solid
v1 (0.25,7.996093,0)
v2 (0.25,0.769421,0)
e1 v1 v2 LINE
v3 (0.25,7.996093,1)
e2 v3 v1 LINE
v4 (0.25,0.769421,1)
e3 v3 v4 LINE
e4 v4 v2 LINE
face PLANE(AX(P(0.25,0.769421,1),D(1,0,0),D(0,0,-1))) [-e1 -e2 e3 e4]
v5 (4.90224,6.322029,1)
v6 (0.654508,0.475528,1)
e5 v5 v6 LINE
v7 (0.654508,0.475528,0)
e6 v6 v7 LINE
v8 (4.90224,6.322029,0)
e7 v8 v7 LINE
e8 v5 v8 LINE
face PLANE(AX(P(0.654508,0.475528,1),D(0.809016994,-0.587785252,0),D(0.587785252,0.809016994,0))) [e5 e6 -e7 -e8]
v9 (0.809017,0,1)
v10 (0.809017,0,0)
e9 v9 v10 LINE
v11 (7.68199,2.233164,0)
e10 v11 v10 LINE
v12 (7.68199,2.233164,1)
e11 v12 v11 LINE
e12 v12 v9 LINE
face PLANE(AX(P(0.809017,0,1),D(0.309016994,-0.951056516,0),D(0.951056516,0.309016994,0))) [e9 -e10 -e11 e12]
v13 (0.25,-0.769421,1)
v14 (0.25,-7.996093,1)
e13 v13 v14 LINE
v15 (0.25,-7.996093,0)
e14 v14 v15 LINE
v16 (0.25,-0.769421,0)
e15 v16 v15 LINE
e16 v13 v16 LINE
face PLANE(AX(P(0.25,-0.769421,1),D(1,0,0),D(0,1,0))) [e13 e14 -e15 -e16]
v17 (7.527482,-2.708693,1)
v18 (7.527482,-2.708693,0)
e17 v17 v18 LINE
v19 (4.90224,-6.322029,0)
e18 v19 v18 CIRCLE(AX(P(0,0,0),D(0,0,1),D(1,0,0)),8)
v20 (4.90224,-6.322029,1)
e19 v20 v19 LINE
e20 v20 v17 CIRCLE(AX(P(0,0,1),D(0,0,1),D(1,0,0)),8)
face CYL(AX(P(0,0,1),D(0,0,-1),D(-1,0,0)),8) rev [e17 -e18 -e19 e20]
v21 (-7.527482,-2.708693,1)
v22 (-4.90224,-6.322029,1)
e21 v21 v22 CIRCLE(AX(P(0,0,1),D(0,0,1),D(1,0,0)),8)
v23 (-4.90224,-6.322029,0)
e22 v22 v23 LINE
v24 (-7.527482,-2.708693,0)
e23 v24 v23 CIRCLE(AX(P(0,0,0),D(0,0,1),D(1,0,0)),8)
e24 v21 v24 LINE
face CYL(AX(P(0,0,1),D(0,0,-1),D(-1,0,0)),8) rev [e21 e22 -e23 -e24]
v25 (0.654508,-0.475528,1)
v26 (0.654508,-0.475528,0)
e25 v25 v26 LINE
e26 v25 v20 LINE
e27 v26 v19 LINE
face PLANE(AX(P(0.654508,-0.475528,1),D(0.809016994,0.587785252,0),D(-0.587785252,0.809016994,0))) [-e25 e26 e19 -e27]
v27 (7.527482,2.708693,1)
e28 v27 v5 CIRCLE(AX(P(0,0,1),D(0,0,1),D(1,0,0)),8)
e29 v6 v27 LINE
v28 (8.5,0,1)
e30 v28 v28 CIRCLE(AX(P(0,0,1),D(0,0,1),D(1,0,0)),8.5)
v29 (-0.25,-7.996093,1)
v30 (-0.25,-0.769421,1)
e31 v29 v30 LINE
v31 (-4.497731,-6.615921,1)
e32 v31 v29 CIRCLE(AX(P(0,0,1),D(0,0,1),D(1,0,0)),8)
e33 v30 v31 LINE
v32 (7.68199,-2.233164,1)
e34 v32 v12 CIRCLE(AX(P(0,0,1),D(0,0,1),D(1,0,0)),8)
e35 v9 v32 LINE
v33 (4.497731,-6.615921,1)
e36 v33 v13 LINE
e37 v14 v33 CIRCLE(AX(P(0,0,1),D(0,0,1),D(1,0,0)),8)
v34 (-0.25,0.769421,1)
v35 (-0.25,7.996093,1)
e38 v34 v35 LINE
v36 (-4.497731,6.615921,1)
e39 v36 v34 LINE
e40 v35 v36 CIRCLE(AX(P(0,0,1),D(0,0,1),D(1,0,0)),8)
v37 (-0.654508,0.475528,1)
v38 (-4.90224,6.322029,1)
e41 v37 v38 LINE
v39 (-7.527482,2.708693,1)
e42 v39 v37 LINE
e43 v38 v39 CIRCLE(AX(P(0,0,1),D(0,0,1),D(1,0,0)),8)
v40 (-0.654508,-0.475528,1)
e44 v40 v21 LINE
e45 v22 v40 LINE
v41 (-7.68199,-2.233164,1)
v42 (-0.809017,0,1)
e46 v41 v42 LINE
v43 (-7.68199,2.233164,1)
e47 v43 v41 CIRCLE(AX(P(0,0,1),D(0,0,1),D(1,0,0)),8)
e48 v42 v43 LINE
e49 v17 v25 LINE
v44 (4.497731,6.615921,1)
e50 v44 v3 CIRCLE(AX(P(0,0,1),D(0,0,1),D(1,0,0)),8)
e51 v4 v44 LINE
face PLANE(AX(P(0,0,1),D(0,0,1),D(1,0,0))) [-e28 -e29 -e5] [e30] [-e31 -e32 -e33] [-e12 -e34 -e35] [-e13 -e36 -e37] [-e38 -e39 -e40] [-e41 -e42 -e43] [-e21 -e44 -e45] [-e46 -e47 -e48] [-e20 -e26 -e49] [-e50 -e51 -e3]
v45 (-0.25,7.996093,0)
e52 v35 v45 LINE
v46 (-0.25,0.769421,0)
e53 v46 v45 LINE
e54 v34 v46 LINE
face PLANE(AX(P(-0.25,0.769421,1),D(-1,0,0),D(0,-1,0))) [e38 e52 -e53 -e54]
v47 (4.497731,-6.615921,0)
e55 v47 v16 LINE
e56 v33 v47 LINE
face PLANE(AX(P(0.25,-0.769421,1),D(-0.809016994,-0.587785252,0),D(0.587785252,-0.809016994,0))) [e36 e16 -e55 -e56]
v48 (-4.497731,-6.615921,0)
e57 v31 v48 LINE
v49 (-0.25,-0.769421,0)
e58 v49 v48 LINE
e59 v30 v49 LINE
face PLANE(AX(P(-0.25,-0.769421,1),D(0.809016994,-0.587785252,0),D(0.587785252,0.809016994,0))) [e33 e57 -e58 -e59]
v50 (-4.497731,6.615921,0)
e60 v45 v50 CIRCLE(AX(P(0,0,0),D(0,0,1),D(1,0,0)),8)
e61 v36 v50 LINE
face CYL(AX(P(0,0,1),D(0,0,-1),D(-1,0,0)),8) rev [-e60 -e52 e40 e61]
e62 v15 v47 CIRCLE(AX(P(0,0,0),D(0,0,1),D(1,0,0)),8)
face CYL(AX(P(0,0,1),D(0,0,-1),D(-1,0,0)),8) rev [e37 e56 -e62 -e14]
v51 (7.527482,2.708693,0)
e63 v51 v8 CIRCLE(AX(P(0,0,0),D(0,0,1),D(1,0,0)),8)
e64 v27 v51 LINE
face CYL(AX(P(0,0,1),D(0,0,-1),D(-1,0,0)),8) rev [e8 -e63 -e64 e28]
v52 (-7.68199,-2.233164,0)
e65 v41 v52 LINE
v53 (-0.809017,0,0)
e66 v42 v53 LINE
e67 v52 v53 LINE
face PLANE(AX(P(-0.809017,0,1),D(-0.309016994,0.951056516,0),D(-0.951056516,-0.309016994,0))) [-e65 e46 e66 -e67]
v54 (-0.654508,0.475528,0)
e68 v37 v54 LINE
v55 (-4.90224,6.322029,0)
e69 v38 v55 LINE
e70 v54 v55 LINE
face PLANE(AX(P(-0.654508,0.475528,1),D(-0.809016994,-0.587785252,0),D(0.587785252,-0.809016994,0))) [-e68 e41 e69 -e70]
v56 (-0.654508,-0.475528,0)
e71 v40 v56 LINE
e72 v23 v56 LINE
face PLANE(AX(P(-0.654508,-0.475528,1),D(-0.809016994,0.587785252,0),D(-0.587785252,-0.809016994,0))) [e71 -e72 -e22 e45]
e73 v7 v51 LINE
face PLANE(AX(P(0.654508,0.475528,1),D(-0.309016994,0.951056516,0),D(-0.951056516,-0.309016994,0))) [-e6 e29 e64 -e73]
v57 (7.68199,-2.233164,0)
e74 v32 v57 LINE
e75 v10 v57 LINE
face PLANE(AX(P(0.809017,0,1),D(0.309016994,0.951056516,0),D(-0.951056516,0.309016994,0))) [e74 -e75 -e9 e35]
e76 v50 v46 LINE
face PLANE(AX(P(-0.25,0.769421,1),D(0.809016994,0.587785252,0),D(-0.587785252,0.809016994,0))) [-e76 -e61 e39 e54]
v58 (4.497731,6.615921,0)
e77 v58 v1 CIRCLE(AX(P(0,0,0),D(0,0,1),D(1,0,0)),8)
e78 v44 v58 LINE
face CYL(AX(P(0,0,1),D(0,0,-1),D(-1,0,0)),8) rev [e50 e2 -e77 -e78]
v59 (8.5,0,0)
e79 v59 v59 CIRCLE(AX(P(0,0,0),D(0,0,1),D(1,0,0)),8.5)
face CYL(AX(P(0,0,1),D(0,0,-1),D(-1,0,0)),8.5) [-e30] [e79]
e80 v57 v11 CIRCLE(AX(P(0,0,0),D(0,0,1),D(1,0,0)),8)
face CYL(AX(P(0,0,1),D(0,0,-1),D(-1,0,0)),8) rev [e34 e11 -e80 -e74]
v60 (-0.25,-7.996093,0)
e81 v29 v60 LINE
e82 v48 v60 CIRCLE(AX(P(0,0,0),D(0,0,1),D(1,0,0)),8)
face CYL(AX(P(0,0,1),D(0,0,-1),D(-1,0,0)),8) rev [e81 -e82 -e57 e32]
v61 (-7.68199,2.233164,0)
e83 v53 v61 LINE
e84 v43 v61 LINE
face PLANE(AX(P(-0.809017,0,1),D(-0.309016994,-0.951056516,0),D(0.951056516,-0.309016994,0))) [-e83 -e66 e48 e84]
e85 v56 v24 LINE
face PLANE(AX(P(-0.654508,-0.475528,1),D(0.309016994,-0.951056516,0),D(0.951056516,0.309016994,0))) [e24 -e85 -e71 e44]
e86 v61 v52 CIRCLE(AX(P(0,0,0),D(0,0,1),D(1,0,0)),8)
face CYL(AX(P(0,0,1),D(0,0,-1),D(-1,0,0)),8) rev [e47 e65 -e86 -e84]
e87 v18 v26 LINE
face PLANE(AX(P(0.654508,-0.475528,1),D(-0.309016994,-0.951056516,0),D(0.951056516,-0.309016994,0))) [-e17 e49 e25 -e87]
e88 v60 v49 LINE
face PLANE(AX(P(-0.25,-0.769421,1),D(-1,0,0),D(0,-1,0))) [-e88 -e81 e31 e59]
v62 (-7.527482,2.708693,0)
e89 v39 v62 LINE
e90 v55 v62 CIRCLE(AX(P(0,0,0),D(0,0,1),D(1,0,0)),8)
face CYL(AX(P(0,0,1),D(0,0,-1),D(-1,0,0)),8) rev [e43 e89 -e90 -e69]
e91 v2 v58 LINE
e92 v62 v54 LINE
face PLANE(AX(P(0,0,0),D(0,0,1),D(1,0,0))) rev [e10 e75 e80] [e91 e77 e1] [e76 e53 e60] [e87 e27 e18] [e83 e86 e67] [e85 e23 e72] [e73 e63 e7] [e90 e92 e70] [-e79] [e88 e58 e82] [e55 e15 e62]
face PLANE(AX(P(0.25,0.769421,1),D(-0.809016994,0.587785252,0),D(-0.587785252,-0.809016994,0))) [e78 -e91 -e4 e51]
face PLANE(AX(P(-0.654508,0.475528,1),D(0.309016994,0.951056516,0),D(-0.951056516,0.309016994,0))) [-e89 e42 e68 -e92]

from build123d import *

# Parameters (mm, degrees)
ESBO_O1_R                = 8.5
RESSALTO_EXTRUS_O1_DEPTH = 1


with BuildPart() as part:
    # Esboço1 → Ressalto-extrusão1 (new body)
    with BuildSketch(Plane.XY):
        Circle(ESBO_O1_R)
        with BuildLine():
            Line((-0.654508497, 0.475528258), (-4.90223967, 6.322028647))
            ThreePointArc((-4.90223967, 6.322028647), (-6.472135955, 4.702282018), (-7.52748191, 2.708692692))
            Line((-7.52748191, 2.708692692), (-0.654508497, 0.475528258))
        make_face(mode=Mode.SUBTRACT)
        with BuildLine():
            Line((-0.25, 0.769420884), (-0.25, 7.996092796))
            ThreePointArc((-0.25, 7.996092796), (-2.472135955, 7.60845213), (-4.497731173, 6.615921274))
            Line((-4.497731173, 6.615921274), (-0.25, 0.769420884))
        make_face(mode=Mode.SUBTRACT)
        with BuildLine():
            Line((0.25, 0.769420884), (4.497731173, 6.615921274))
            ThreePointArc((4.497731173, 6.615921274), (2.472135955, 7.60845213), (0.25, 7.996092796))
            Line((0.25, 7.996092796), (0.25, 0.769420884))
        make_face(mode=Mode.SUBTRACT)
        with BuildLine():
            Line((0.654508497, 0.475528258), (7.52748191, 2.708692692))
            ThreePointArc((7.52748191, 2.708692692), (6.472135955, 4.702282018), (4.90223967, 6.322028647))
            Line((4.90223967, 6.322028647), (0.654508497, 0.475528258))
        make_face(mode=Mode.SUBTRACT)
        with BuildLine():
            Line((0.809016994, 0), (7.681990407, -2.233164433))
            ThreePointArc((7.681990407, -2.233164433), (8, 0), (7.681990407, 2.233164433))
            Line((7.681990407, 2.233164433), (0.809016994, 0))
        make_face(mode=Mode.SUBTRACT)
        with BuildLine():
            Line((0.654508497, -0.475528258), (4.90223967, -6.322028647))
            ThreePointArc((4.90223967, -6.322028647), (6.472135955, -4.702282018), (7.52748191, -2.708692692))
            Line((7.52748191, -2.708692692), (0.654508497, -0.475528258))
        make_face(mode=Mode.SUBTRACT)
        with BuildLine():
            Line((0.25, -0.769420884), (0.25, -7.996092796))
            ThreePointArc((0.25, -7.996092796), (2.472135955, -7.60845213), (4.497731173, -6.615921274))
            Line((4.497731173, -6.615921274), (0.25, -0.769420884))
        make_face(mode=Mode.SUBTRACT)
        with BuildLine():
            Line((-0.25, -0.769420884), (-4.497731173, -6.615921274))
            ThreePointArc((-4.497731173, -6.615921274), (-2.472135955, -7.60845213), (-0.25, -7.996092796))
            Line((-0.25, -7.996092796), (-0.25, -0.769420884))
        make_face(mode=Mode.SUBTRACT)
        with BuildLine():
            Line((-0.654508497, -0.475528258), (-7.52748191, -2.708692692))
            ThreePointArc((-7.52748191, -2.708692692), (-6.472135955, -4.702282018), (-4.90223967, -6.322028647))
            Line((-4.90223967, -6.322028647), (-0.654508497, -0.475528258))
        make_face(mode=Mode.SUBTRACT)
        with BuildLine():
            Line((-0.809016994, 0), (-7.681990407, 2.233164433))
            ThreePointArc((-7.681990407, 2.233164433), (-8, 0), (-7.681990407, -2.233164433))
            Line((-7.681990407, -2.233164433), (-0.809016994, 0))
        make_face(mode=Mode.SUBTRACT)
    extrude(amount=RESSALTO_EXTRUS_O1_DEPTH)


solid = part.part
